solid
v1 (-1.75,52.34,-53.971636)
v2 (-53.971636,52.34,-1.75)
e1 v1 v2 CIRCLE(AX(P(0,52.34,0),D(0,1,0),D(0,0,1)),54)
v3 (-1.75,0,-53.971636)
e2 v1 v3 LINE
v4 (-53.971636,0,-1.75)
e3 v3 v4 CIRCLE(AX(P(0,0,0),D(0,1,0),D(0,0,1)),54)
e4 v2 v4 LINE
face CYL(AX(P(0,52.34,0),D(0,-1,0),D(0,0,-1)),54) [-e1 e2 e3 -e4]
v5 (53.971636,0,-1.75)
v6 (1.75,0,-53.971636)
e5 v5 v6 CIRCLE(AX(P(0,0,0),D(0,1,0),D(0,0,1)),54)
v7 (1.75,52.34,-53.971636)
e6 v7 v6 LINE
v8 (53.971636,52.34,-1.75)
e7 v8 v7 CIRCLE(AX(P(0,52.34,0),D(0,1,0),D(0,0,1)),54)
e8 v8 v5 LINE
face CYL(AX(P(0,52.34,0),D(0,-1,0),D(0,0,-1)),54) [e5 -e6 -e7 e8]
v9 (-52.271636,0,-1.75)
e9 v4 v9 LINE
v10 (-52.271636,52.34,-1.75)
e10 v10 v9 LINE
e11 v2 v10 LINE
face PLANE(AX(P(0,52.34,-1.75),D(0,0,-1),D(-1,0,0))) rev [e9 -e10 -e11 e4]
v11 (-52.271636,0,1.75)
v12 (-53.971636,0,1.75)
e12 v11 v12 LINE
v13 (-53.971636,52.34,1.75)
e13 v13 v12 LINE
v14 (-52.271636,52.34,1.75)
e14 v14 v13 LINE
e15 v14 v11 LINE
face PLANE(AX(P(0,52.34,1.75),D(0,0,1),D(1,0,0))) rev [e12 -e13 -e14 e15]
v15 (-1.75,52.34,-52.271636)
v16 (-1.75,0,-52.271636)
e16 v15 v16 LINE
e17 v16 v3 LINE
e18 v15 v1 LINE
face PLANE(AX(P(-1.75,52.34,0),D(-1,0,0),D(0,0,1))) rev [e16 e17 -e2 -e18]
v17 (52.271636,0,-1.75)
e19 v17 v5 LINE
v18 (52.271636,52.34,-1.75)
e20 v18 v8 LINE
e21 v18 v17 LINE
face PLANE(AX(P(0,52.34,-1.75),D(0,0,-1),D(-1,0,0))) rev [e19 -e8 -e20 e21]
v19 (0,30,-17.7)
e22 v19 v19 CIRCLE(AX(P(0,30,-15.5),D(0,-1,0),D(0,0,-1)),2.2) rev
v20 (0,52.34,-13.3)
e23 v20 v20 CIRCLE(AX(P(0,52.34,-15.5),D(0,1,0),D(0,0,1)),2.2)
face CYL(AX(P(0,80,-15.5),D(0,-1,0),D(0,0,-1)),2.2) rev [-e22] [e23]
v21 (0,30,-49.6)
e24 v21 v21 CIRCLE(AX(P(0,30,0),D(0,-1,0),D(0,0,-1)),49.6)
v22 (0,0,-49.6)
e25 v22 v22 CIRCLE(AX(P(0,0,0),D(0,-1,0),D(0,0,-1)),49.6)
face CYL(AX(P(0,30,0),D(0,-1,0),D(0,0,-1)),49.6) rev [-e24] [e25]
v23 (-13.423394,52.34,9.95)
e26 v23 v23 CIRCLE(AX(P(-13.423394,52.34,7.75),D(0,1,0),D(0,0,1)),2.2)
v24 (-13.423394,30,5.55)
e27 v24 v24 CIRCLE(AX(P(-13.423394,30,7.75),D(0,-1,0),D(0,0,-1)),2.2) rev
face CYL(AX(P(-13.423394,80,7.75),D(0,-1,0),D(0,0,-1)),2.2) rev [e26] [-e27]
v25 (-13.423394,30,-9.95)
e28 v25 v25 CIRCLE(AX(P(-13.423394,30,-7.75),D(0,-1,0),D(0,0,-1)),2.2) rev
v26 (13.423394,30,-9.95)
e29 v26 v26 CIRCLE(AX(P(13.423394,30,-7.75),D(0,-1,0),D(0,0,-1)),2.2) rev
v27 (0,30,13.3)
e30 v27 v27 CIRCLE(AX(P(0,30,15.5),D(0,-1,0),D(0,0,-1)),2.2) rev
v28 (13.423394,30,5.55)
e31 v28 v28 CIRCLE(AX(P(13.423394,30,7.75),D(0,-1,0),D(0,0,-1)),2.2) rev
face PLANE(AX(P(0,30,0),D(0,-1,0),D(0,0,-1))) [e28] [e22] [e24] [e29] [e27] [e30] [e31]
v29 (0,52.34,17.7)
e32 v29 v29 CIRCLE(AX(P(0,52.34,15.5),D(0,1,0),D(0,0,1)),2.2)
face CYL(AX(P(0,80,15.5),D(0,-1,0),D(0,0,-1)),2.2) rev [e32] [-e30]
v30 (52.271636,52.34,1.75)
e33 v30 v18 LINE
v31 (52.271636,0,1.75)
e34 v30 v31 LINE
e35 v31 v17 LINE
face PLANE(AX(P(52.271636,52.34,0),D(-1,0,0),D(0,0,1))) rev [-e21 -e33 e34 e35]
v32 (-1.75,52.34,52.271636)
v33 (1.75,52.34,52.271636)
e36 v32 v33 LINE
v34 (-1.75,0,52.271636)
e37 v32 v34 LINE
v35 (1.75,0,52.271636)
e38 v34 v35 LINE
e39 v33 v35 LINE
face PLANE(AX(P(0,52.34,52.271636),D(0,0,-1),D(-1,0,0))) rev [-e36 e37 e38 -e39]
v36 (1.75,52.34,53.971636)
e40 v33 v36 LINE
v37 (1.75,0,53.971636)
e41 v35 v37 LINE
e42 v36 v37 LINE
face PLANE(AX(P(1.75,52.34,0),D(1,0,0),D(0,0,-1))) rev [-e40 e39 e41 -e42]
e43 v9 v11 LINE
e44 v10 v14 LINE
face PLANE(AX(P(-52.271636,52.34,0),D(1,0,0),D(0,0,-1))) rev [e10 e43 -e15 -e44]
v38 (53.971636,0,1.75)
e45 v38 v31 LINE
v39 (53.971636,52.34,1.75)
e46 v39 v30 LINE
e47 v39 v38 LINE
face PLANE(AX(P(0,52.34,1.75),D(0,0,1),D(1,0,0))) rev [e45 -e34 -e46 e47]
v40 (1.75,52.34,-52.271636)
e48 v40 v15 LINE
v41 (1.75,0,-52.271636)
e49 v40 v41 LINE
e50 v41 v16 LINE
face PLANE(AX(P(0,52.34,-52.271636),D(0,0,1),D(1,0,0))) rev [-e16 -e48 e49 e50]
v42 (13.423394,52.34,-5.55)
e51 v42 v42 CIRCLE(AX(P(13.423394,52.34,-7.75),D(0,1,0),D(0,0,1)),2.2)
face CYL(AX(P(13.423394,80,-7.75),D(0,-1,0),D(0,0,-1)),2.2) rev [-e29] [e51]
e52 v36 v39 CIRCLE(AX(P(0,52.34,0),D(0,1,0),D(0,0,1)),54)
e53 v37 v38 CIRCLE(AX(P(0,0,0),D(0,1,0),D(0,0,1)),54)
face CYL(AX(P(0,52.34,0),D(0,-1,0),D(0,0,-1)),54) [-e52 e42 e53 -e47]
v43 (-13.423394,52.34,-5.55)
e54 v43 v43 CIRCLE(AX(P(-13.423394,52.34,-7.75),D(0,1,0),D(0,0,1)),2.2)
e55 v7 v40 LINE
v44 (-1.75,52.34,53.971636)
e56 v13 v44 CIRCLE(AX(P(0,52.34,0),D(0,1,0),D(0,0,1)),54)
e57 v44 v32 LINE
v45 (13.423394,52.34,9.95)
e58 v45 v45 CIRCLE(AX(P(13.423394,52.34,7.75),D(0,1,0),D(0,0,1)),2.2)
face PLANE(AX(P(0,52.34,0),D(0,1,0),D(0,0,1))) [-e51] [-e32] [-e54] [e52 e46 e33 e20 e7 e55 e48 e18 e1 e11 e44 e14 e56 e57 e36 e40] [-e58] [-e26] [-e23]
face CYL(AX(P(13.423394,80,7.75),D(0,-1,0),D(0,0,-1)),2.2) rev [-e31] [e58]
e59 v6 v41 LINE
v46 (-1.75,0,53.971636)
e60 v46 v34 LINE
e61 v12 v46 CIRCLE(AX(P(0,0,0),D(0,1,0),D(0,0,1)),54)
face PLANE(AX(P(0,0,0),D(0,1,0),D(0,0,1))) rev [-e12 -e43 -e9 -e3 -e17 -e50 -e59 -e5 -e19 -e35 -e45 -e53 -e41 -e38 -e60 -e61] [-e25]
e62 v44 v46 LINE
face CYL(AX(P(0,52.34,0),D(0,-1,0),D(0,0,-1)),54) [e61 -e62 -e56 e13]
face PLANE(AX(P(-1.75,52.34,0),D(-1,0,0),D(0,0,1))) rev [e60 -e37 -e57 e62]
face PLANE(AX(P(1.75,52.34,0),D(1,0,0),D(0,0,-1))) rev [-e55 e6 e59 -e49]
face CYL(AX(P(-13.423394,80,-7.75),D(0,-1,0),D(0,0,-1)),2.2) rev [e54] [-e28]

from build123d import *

# Parameters (mm, degrees)
BOSS_EXTRUDE1_DEPTH = 52.34
SKETCH2_R           = 2.2
CUT_EXTRUDE1_DEPTH  = 80
SKETCH3_R           = 49.6
CUT_EXTRUDE2_DEPTH  = 30


with BuildPart() as part:
    # Sketch1 → Boss-Extrude1 (new body)
    with BuildSketch(Plane(origin=(0, 0, 0), x_dir=(1, 0, 0), z_dir=(0, 1, 0))):
        with BuildLine():
            ThreePointArc((-53.971636069, -1.75), (-38.183766184, -38.183766184), (-1.75, -53.971636069))
            Line((-1.75, -53.971636069), (-1.75, -52.271636069))
            Line((-1.75, -52.271636069), (1.75, -52.271636069))
            Line((1.75, -52.271636069), (1.75, -53.971636069))
            ThreePointArc((1.75, -53.971636069), (38.183766184, -38.183766184), (53.971636069, -1.75))
            Line((53.971636069, -1.75), (52.271636069, -1.75))
            Line((52.271636069, -1.75), (52.271636069, 1.75))
            Line((52.271636069, 1.75), (53.971636069, 1.75))
            ThreePointArc((53.971636069, 1.75), (38.183766184, 38.183766184), (1.75, 53.971636069))
            Line((1.75, 53.971636069), (1.75, 52.271636069))
            Line((1.75, 52.271636069), (-1.75, 52.271636069))
            Line((-1.75, 52.271636069), (-1.75, 53.971636069))
            ThreePointArc((-1.75, 53.971636069), (-38.183766184, 38.183766184), (-53.971636069, 1.75))
            Line((-53.971636069, 1.75), (-52.271636069, 1.75))
            Line((-52.271636069, 1.75), (-52.271636069, -1.75))
            Line((-52.271636069, -1.75), (-53.971636069, -1.75))
        make_face()
    extrude(amount=BOSS_EXTRUDE1_DEPTH)

    # Sketch2 → Cut-Extrude1 (cut)
    with BuildSketch(Plane.XZ):
        with Locations(Location((0, 15.5, 0), (0, 0, 270))):
            Circle(SKETCH2_R)
        with Locations(Location((13.423393759, 7.75, 0), (0, 0, 270))):
            Circle(SKETCH2_R)
        with Locations(Location((13.423393759, -7.75, 0), (0, 0, 270))):
            Circle(SKETCH2_R)
        with Locations(Location((0, -15.5, 0), (0, 0, 270))):
            Circle(SKETCH2_R)
        with Locations(Location((-13.423393759, -7.75, 0), (0, 0, 270))):
            Circle(SKETCH2_R)
        with Locations(Location((-13.423393759, 7.75, 0), (0, 0, 270))):
            Circle(SKETCH2_R)
    extrude(amount=-CUT_EXTRUDE1_DEPTH, mode=Mode.SUBTRACT)

    # Sketch3 → Cut-Extrude2 (cut)
    with BuildSketch(Plane.XZ):
        with Locations(Location((0, 0, 0), (0, 0, 270))):
            Circle(SKETCH3_R)
    extrude(amount=-CUT_EXTRUDE2_DEPTH, mode=Mode.SUBTRACT)


solid = part.part
